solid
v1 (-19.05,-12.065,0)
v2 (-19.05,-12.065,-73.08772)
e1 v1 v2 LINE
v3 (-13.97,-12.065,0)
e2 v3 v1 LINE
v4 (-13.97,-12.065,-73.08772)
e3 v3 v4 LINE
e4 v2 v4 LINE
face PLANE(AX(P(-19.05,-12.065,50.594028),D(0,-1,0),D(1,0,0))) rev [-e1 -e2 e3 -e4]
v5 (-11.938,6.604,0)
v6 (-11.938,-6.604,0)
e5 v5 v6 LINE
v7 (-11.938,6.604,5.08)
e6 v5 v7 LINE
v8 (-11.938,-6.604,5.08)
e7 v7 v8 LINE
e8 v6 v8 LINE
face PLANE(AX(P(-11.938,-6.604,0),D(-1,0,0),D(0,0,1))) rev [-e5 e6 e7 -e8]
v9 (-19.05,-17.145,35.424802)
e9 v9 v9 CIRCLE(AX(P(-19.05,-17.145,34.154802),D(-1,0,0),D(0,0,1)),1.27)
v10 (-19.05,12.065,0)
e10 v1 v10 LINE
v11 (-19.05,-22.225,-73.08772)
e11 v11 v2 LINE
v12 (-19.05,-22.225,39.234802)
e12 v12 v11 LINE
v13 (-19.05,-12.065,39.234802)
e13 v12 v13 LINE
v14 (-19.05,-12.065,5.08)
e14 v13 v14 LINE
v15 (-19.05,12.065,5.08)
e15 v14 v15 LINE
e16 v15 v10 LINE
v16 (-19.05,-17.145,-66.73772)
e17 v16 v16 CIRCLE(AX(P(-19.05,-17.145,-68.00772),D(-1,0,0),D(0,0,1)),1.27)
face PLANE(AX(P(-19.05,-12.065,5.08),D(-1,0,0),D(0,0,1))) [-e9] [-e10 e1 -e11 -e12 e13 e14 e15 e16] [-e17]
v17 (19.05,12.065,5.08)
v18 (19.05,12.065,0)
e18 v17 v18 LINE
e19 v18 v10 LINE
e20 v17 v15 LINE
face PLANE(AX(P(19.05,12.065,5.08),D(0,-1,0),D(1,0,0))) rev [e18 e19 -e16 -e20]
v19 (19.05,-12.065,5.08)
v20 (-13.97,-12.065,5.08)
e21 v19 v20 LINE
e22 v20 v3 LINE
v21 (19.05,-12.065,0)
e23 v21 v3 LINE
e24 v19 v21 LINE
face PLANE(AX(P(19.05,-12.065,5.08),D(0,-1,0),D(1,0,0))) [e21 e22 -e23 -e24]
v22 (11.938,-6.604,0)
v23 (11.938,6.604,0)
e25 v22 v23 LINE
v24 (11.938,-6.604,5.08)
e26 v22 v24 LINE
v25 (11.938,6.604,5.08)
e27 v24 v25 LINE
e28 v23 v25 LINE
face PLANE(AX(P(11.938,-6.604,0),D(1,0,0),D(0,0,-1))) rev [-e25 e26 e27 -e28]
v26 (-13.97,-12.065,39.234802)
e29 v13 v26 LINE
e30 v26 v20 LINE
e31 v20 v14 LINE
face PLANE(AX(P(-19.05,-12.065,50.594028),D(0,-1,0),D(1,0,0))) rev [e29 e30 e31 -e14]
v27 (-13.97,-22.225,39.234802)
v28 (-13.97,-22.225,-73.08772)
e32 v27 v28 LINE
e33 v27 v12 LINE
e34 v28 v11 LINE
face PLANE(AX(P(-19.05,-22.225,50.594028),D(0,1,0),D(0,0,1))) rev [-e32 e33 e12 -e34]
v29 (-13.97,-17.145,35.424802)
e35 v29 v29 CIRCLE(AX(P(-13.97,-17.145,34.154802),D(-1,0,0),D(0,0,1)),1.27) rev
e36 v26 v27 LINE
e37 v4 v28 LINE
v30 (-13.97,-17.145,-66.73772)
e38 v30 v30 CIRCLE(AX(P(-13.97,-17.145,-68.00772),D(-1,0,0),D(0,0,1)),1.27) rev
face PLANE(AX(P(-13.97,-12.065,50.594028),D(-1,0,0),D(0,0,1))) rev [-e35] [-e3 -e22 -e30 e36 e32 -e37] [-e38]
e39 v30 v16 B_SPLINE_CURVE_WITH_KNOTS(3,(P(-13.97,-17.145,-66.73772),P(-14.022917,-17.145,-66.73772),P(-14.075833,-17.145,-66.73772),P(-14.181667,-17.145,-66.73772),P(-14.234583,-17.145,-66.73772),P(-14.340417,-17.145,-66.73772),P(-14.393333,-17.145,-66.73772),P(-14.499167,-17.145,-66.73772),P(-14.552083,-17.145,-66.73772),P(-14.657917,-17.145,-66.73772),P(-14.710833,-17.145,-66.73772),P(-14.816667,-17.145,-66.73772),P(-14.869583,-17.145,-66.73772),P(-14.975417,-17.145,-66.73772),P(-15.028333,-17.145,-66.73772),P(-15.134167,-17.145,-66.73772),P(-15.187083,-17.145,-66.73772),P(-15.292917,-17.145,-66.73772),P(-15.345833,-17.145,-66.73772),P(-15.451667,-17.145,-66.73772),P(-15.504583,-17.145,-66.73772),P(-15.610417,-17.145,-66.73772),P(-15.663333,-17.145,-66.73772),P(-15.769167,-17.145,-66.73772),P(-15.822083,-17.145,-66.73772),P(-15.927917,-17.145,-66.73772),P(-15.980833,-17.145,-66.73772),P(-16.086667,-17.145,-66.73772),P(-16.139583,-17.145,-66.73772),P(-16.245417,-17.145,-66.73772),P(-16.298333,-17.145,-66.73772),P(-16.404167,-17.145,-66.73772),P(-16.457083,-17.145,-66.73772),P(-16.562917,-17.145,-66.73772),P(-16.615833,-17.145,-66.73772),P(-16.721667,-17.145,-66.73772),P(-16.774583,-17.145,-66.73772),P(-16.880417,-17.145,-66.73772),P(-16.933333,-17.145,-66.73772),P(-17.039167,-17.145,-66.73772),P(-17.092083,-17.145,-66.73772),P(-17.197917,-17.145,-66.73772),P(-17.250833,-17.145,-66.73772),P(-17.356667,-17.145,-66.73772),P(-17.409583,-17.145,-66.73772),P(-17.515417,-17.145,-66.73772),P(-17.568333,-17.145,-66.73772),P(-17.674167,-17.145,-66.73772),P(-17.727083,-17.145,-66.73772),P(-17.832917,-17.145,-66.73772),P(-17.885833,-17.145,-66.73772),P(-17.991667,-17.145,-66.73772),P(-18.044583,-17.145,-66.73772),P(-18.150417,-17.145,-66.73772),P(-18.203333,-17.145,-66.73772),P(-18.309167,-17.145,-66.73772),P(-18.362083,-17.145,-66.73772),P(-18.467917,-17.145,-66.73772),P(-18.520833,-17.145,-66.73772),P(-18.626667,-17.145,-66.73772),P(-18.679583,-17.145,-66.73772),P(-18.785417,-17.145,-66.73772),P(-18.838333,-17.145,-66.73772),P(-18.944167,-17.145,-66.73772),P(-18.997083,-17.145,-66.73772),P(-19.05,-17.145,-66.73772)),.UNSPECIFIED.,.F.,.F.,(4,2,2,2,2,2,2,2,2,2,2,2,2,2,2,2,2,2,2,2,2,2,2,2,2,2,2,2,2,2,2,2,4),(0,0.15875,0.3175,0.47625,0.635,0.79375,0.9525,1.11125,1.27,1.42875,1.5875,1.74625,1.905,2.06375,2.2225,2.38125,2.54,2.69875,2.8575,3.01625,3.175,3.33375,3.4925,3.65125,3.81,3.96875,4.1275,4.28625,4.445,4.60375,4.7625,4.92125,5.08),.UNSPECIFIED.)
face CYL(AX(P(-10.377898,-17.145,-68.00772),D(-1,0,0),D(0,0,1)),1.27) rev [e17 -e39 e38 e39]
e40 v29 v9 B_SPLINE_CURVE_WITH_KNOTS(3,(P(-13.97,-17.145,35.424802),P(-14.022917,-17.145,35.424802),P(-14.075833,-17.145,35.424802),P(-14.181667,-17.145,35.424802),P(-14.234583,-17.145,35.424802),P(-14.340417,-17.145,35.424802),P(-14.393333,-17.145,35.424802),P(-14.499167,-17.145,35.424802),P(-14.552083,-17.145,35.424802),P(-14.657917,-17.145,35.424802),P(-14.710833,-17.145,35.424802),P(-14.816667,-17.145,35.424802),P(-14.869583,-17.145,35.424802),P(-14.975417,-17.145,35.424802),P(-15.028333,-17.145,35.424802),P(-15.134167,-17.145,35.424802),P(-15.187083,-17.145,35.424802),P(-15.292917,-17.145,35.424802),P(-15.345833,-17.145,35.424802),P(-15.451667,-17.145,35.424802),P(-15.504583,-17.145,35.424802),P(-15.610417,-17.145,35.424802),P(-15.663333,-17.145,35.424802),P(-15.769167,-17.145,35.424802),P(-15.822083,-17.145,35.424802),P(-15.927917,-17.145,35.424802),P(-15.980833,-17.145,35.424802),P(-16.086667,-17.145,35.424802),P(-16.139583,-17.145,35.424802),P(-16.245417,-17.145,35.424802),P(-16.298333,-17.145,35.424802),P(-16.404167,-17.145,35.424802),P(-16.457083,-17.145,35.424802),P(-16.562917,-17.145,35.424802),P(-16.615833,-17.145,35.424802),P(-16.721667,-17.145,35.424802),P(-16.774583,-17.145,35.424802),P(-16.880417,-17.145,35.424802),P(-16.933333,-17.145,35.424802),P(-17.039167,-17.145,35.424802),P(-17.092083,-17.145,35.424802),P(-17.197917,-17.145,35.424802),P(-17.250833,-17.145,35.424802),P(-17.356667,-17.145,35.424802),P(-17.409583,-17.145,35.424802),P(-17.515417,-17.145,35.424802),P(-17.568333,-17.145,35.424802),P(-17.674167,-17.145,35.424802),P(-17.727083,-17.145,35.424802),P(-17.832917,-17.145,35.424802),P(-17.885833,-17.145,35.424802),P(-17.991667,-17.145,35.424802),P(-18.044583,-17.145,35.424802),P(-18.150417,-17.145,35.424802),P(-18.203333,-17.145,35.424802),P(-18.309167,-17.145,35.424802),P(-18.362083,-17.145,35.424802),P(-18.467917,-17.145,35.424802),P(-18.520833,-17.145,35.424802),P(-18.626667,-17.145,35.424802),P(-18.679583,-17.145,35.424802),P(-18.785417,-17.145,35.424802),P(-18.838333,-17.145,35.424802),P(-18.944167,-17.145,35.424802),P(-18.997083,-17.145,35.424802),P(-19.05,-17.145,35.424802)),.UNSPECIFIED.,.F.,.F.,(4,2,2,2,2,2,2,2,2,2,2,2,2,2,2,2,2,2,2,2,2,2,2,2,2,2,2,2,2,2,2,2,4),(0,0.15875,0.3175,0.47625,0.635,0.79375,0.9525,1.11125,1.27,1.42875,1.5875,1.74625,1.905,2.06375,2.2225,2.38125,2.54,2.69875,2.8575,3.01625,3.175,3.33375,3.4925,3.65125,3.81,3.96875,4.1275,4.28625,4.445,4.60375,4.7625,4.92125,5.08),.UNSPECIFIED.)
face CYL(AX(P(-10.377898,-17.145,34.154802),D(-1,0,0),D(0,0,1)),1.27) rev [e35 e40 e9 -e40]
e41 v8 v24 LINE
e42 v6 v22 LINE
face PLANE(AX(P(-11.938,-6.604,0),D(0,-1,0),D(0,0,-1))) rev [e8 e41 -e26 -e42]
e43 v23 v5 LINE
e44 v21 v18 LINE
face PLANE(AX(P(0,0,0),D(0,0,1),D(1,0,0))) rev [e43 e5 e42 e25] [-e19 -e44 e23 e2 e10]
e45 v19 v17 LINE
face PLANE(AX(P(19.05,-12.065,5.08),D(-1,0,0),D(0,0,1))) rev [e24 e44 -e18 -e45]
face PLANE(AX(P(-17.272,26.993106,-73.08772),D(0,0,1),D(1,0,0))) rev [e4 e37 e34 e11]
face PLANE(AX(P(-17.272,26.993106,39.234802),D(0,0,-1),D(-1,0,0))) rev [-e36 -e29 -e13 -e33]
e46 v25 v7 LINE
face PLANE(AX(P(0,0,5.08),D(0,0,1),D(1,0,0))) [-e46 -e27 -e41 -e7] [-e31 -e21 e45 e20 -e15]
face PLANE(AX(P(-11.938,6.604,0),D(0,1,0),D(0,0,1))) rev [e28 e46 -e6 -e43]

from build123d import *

# Parameters (mm, degrees)
SKETCH2_W                = 38.1
SKETCH2_H                = 24.13
BOSS_EXTRUDE1_DEPTH      = 5.08
SKETCH3_W                = 23.876
SKETCH3_H                = 13.208
CUT_EXTRUDE1_DEPTH       = 5.08
BOSS_EXTRUDE2_DEPTH      = 34.154802
BOSS_EXTRUDE2_DEPTH_BACK = 78.16772
SKETCH4_W                = 5.08
SKETCH4_H                = 10.16
CUT_EXTRUDE2_REACH       = 87.366
SKETCH5_R                = 1.27


with BuildPart() as part:
    # Sketch2 → Boss-Extrude1 (new body)
    with BuildSketch(Plane.XY):
        Rectangle(SKETCH2_W, SKETCH2_H)
    extrude(amount=BOSS_EXTRUDE1_DEPTH)

    # Sketch3 → Cut-Extrude1 (cut)
    with BuildSketch(Plane.XY.offset(5.08)):
        Rectangle(SKETCH3_W, SKETCH3_H)
    extrude(amount=-CUT_EXTRUDE1_DEPTH, mode=Mode.SUBTRACT)

    # Sketch4 → Boss-Extrude2 (add, two sides: drawn at the far end of the back side and taken through both)
    with BuildSketch(Plane.XY.offset(5.08).offset(-BOSS_EXTRUDE2_DEPTH_BACK)):
        with Locations((-16.51, -17.145)):
            Rectangle(SKETCH4_W, SKETCH4_H)
    extrude(amount=BOSS_EXTRUDE2_DEPTH + BOSS_EXTRUDE2_DEPTH_BACK)

    # Sketch5 → Cut-Extrude2 (cut, up to next)
    with BuildSketch(Plane.ZY.offset(19.05), mode=Mode.PRIVATE) as cut_extrude2_sk1:
        with Locations((-68.007719547, -17.145)):
            Circle(SKETCH5_R)
    cut_extrude2_tool1 = extrude(cut_extrude2_sk1.sketch, amount=-CUT_EXTRUDE2_REACH, mode=Mode.PRIVATE) & part.part
    # Sketch5 → Cut-Extrude2 (cut, up to next)
    with BuildSketch(Plane.ZY.offset(19.05), mode=Mode.PRIVATE) as cut_extrude2_sk2:
        with Locations((34.154802315, -17.145)):
            Circle(SKETCH5_R)
    cut_extrude2_tool2 = extrude(cut_extrude2_sk2.sketch, amount=-CUT_EXTRUDE2_REACH, mode=Mode.PRIVATE) & part.part
    add(cut_extrude2_tool1.solids().sort_by_distance((-19.05, -17.145, -68.00772))[0], mode=Mode.SUBTRACT)
    add(cut_extrude2_tool2.solids().sort_by_distance((-19.05, -17.145, 34.154802))[0], mode=Mode.SUBTRACT)


solid = part.part
